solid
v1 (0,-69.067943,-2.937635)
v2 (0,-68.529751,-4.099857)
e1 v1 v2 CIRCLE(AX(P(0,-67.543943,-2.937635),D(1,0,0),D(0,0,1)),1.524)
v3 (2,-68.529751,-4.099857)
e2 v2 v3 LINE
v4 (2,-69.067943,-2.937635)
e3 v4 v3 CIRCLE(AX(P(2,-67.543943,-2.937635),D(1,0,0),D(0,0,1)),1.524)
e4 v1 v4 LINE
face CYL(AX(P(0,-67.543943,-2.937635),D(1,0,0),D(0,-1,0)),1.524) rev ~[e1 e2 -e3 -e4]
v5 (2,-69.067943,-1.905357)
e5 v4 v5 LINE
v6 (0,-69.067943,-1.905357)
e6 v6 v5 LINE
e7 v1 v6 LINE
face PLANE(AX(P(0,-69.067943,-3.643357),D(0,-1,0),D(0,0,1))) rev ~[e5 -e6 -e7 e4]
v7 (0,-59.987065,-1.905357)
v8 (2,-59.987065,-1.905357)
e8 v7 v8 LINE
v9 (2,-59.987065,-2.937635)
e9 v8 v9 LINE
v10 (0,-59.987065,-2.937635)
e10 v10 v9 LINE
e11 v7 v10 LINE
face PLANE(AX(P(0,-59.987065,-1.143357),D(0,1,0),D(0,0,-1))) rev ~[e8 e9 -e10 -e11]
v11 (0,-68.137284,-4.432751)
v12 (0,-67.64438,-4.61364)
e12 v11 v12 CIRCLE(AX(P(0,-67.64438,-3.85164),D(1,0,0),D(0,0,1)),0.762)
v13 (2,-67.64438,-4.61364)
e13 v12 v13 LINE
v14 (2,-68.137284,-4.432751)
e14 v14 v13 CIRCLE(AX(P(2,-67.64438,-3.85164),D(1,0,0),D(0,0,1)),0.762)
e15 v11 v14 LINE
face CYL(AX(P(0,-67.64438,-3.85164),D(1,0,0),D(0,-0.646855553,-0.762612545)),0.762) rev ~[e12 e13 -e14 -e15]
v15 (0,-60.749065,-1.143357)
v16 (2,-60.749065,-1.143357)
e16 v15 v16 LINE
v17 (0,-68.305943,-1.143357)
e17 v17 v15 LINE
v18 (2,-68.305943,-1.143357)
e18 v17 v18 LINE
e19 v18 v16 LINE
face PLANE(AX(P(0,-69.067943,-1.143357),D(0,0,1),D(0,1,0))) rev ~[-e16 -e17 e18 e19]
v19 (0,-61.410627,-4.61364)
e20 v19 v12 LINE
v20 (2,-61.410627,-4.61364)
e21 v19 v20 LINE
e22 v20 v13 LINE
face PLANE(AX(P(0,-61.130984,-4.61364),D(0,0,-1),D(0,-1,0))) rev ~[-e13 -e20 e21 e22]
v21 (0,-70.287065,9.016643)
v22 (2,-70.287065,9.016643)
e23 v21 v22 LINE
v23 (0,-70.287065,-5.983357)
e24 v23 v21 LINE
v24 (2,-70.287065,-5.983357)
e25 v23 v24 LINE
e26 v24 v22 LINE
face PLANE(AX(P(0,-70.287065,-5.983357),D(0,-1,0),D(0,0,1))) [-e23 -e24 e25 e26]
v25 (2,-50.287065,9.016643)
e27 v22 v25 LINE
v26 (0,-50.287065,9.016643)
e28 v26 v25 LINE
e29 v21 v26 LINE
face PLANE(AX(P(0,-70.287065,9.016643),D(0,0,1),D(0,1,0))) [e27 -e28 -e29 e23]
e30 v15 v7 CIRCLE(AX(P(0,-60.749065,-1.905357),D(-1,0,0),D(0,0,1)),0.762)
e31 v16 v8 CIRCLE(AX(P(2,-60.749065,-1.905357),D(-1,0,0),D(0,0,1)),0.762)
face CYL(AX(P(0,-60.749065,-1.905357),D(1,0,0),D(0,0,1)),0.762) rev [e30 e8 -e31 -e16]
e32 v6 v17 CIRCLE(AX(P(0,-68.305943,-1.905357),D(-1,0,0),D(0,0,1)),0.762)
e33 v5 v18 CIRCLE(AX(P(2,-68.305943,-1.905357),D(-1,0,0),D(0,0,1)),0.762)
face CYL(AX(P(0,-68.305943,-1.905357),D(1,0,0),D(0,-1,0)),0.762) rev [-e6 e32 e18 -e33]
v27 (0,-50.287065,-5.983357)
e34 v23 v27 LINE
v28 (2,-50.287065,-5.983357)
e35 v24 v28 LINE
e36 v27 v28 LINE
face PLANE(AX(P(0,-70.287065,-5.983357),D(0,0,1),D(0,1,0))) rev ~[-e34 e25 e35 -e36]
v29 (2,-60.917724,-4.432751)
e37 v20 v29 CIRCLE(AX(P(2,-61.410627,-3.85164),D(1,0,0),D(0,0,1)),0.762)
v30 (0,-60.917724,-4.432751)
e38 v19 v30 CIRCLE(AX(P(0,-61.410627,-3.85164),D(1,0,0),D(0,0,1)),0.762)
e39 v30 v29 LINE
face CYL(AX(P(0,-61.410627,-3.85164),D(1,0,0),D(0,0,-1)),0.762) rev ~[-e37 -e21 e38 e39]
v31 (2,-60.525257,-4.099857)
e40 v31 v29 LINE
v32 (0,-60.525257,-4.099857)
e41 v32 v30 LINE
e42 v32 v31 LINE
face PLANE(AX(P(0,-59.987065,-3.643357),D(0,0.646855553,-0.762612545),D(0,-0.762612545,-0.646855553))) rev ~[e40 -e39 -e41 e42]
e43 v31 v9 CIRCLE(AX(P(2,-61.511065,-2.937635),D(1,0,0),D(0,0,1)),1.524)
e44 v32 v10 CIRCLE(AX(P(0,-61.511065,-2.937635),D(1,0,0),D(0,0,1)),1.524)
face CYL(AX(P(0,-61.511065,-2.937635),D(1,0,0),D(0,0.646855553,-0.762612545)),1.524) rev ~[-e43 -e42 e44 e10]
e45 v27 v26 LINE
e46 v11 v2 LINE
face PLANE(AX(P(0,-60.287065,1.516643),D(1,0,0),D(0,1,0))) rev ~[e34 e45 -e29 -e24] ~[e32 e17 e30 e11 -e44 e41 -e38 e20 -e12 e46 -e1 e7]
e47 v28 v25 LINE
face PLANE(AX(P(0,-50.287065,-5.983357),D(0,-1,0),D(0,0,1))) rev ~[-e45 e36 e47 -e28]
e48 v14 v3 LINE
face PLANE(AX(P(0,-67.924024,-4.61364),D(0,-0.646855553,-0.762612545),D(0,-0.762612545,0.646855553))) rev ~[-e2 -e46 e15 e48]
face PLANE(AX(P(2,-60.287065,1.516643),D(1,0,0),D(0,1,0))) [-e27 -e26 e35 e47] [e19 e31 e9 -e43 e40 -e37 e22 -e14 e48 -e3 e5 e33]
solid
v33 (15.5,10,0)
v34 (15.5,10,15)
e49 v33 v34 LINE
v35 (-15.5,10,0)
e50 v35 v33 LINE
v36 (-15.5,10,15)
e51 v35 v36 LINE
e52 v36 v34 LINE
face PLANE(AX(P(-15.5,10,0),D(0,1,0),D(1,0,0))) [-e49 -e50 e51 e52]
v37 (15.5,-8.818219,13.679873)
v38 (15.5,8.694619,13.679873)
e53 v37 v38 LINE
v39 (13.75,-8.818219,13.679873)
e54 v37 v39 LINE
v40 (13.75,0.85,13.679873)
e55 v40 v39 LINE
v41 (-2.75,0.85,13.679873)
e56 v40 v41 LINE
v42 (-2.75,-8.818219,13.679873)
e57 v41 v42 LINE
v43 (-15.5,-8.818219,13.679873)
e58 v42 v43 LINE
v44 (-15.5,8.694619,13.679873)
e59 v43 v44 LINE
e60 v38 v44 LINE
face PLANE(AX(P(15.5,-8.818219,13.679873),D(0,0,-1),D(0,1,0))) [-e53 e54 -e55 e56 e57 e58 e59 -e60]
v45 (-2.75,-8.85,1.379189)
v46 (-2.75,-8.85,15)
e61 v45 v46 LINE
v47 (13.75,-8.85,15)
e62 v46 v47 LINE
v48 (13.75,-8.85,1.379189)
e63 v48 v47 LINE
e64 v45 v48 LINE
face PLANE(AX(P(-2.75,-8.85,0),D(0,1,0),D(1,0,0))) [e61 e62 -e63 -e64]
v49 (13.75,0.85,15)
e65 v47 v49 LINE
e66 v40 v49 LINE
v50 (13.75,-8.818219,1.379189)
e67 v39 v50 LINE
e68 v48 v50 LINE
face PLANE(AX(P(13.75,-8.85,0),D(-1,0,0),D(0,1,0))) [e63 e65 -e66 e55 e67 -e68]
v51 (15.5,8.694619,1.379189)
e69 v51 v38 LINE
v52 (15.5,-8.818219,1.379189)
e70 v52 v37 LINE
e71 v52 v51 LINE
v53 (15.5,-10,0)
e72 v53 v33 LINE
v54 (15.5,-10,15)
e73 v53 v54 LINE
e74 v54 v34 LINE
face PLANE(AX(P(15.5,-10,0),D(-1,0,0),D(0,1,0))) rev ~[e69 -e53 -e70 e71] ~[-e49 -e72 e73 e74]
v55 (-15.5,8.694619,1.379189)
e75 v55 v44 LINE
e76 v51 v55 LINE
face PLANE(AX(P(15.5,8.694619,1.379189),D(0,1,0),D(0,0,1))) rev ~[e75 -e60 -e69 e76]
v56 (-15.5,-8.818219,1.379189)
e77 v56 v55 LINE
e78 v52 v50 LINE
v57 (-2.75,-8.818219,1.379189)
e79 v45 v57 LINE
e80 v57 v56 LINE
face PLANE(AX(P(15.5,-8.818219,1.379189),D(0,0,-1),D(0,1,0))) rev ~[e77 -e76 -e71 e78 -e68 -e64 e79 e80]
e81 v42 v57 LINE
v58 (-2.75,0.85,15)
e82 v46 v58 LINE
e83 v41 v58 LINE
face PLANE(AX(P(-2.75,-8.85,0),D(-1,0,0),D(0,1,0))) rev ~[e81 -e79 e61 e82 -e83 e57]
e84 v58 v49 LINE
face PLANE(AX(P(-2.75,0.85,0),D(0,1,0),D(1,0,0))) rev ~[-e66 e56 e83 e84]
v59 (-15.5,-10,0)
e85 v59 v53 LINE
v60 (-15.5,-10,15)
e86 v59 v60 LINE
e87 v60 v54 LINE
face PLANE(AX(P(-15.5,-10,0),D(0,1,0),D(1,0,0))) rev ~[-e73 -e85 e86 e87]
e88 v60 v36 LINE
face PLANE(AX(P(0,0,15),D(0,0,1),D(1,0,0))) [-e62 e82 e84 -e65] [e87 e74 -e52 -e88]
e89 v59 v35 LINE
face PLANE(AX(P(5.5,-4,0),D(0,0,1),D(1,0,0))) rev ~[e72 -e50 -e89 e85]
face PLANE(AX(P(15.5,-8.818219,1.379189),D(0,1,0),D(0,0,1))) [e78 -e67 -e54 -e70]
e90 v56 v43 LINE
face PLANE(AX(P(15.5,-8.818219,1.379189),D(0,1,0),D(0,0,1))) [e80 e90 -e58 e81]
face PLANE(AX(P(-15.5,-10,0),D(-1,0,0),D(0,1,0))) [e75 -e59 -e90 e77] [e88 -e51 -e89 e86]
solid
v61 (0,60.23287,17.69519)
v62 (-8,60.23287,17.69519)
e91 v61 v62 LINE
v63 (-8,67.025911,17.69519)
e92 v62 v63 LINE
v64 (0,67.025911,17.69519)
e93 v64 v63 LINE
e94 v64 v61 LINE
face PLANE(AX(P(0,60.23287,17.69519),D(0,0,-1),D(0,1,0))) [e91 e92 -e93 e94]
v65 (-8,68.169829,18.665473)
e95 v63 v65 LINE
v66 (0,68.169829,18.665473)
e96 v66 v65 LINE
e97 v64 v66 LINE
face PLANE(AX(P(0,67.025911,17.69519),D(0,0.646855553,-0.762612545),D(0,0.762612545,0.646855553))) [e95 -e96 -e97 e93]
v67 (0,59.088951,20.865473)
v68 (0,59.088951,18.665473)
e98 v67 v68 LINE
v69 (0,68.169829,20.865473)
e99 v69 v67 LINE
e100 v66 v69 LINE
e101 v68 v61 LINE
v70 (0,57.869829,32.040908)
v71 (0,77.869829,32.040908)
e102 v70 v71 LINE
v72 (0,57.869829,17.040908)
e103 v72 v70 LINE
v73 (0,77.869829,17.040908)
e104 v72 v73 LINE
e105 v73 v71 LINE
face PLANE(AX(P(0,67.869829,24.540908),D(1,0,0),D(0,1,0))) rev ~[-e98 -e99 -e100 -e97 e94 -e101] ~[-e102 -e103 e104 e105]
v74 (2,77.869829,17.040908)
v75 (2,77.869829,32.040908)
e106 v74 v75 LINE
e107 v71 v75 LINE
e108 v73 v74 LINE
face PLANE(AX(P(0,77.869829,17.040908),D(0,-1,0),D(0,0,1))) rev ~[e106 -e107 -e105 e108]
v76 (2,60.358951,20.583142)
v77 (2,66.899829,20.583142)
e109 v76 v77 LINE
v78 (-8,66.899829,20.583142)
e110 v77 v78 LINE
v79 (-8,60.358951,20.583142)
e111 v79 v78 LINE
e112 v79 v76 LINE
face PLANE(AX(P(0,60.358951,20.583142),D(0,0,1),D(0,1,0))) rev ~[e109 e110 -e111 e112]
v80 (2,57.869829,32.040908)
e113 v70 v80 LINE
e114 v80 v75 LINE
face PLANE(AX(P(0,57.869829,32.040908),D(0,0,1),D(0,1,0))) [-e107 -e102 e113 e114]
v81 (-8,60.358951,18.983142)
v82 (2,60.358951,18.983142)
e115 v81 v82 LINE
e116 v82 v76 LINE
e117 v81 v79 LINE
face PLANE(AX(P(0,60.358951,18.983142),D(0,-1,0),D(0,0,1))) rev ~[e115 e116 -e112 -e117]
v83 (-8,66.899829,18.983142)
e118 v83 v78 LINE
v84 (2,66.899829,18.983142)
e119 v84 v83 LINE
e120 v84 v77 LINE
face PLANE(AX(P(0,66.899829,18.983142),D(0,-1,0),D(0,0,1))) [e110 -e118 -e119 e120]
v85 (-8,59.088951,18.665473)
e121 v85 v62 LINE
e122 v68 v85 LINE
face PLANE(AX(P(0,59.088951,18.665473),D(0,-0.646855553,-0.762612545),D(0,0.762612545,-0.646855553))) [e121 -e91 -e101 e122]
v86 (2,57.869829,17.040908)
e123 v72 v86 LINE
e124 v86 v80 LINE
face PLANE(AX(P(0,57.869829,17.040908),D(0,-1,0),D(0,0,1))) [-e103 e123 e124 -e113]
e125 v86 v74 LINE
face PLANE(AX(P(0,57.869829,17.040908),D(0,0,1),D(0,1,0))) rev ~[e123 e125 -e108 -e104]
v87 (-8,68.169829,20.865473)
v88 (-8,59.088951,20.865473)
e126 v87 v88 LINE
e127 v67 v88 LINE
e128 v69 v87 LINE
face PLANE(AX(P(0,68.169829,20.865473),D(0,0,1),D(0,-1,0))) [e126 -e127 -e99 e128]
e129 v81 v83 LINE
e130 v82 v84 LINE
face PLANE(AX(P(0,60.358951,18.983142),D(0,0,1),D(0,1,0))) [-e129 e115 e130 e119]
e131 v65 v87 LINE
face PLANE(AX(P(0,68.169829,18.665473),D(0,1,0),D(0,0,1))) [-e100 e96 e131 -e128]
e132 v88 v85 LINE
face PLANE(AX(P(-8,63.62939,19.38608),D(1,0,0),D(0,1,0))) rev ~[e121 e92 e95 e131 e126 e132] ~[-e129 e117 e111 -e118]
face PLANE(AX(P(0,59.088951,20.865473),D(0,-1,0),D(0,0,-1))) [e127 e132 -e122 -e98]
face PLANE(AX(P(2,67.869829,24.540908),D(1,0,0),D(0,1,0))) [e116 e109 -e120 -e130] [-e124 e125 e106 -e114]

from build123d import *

# Parameters (mm, degrees)
F0_W           = 31
F0_H           = 20
F0_W_2         = 16.5
F0_H_2         = 9.7
F1_DEPTH       = 15
F2_W           = 17.5128383562
F2_H           = 12.3006843496
F3_DEPTH       = 31
F4_W           = 20
F4_H           = 15
F5_DEPTH       = 2
F6_DEPTH       = 15.501
F7_R           = 1.524
F8_R           = 0.762
F9_W           = 20
F9_H           = 15
F10_DEPTH      = 2
F11_R          = 1.524
F12_R          = 0.508
F9_W_2         = 6.5408784162
F9_H_2         = 1.6
F13_DEPTH      = 8
F13_DEPTH_BACK = 2
F14_DEPTH      = 1.3791888487


with BuildPart() as f1:
    # F0 (on Top) → F1 (new body)
    with BuildSketch(Plane.XY):
        Rectangle(F0_W, F0_H)
        with Locations((5.5, -4)):
            Rectangle(F0_W_2, F0_H_2, mode=Mode.SUBTRACT)
    extrude(amount=F1_DEPTH)

    # F2 (on face) → F3 (cut, through all)
    with BuildSketch(Plane.YZ.offset(15.5)):
        with Locations((-0.0618002377, 7.5295310235)):
            Rectangle(F2_W, F2_H)
    extrude(amount=-F3_DEPTH, mode=Mode.SUBTRACT)

    # F4 (on Right) → F6 (cut, through all)
    with BuildSketch(Plane.YZ):
        Polygon((-59.9870646918, -3.6433568521), (-59.9870646918, -1.1433568521), (-69.0679431081, -1.1433568521), (-69.0679431081, -3.6433568521), (-67.9240242911, -4.6136401819), (-61.1309835089, -4.6136401819), align=None)
    extrude(amount=-F6_DEPTH, mode=Mode.SUBTRACT)

    # F0 (on Top) → F14 (join, through all)
    with BuildSketch(Plane.XY):
        with Locations((5.5, -4)):
            Rectangle(F0_W_2, F0_H_2)
    extrude(amount=F14_DEPTH)


with BuildPart() as f5:
    # F4 (on Right) → F5 (new body)
    with BuildSketch(Plane.YZ):
        with Locations((-60.2870646918, 1.5166431479)):
            Rectangle(F4_W, F4_H)
        Polygon((-69.0679431081, -1.1433568521), (-59.9870646918, -1.1433568521), (-59.9870646918, -3.6433568521), (-61.1309835089, -4.6136401819), (-67.9240242911, -4.6136401819), (-69.0679431081, -3.6433568521), align=None, mode=Mode.SUBTRACT)
    extrude(amount=F5_DEPTH)

    # F7
    f7_edges = [f5.edges().sort_by_distance(p)[0] for p in [
        (1, -59.987065, -3.643357),
        (1, -69.067943, -3.643357),
    ]]
    fillet(f7_edges, radius=F7_R)

    # F8
    f8_edges = [f5.edges().sort_by_distance(p)[0] for p in [
        (1, -59.987065, -1.143357),
        (1, -69.067943, -1.143357),
        (1, -61.130984, -4.61364),
        (1, -67.924024, -4.61364),
    ]]
    fillet(f8_edges, radius=F8_R)


with BuildPart() as f10:
    # F9 (on Right) → F10 (new body)
    with BuildSketch(Plane.YZ):
        with Locations((67.8698294036, 24.5409083115)):
            Rectangle(F9_W, F9_H)
        Polygon((66.8998294036, 20.8654734174), (68.1698294036, 20.8654734174), (68.1698294036, 18.6654734174), (67.0259105866, 17.6951900876), (60.2328698044, 17.6951900876), (59.0889509874, 18.6654734174), (59.0889509874, 20.8654734174), (60.3589509874, 20.8654734174), align=None, mode=Mode.SUBTRACT)
    extrude(amount=F10_DEPTH)

    # F11
    f11_edges = [f10.edges().sort_by_distance(p)[0] for p in [
        (1, 68.169829, 18.665473),
        (1, 59.088951, 18.665473),
    ]]
    fillet(f11_edges, radius=F11_R)

    # F12
    f12_edges = [f10.edges().sort_by_distance(p)[0] for p in [
        (1, 68.169829, 20.865473),
        (1, 59.088951, 20.865473),
    ]]
    fillet(f12_edges, radius=F12_R)

    # F9 (on Right) → F13 (join, two sides)
    with BuildSketch(Plane.YZ) as f13_sk:
        Polygon((68.1698294036, 18.6654734174), (68.1698294036, 20.8654734174), (66.8998294036, 20.8654734174), (60.3589509874, 20.8654734174), (59.0889509874, 20.8654734174), (59.0889509874, 18.6654734174), (60.2328698044, 17.6951900876), (67.0259105866, 17.6951900876), align=None)
        with Locations((63.6293901955, 19.7831424505)):
            Rectangle(F9_W_2, F9_H_2, mode=Mode.SUBTRACT)
    extrude(amount=-F13_DEPTH)
    extrude(f13_sk.sketch, amount=F13_DEPTH_BACK)


solid = Compound([f1.part, f5.part, f10.part])
